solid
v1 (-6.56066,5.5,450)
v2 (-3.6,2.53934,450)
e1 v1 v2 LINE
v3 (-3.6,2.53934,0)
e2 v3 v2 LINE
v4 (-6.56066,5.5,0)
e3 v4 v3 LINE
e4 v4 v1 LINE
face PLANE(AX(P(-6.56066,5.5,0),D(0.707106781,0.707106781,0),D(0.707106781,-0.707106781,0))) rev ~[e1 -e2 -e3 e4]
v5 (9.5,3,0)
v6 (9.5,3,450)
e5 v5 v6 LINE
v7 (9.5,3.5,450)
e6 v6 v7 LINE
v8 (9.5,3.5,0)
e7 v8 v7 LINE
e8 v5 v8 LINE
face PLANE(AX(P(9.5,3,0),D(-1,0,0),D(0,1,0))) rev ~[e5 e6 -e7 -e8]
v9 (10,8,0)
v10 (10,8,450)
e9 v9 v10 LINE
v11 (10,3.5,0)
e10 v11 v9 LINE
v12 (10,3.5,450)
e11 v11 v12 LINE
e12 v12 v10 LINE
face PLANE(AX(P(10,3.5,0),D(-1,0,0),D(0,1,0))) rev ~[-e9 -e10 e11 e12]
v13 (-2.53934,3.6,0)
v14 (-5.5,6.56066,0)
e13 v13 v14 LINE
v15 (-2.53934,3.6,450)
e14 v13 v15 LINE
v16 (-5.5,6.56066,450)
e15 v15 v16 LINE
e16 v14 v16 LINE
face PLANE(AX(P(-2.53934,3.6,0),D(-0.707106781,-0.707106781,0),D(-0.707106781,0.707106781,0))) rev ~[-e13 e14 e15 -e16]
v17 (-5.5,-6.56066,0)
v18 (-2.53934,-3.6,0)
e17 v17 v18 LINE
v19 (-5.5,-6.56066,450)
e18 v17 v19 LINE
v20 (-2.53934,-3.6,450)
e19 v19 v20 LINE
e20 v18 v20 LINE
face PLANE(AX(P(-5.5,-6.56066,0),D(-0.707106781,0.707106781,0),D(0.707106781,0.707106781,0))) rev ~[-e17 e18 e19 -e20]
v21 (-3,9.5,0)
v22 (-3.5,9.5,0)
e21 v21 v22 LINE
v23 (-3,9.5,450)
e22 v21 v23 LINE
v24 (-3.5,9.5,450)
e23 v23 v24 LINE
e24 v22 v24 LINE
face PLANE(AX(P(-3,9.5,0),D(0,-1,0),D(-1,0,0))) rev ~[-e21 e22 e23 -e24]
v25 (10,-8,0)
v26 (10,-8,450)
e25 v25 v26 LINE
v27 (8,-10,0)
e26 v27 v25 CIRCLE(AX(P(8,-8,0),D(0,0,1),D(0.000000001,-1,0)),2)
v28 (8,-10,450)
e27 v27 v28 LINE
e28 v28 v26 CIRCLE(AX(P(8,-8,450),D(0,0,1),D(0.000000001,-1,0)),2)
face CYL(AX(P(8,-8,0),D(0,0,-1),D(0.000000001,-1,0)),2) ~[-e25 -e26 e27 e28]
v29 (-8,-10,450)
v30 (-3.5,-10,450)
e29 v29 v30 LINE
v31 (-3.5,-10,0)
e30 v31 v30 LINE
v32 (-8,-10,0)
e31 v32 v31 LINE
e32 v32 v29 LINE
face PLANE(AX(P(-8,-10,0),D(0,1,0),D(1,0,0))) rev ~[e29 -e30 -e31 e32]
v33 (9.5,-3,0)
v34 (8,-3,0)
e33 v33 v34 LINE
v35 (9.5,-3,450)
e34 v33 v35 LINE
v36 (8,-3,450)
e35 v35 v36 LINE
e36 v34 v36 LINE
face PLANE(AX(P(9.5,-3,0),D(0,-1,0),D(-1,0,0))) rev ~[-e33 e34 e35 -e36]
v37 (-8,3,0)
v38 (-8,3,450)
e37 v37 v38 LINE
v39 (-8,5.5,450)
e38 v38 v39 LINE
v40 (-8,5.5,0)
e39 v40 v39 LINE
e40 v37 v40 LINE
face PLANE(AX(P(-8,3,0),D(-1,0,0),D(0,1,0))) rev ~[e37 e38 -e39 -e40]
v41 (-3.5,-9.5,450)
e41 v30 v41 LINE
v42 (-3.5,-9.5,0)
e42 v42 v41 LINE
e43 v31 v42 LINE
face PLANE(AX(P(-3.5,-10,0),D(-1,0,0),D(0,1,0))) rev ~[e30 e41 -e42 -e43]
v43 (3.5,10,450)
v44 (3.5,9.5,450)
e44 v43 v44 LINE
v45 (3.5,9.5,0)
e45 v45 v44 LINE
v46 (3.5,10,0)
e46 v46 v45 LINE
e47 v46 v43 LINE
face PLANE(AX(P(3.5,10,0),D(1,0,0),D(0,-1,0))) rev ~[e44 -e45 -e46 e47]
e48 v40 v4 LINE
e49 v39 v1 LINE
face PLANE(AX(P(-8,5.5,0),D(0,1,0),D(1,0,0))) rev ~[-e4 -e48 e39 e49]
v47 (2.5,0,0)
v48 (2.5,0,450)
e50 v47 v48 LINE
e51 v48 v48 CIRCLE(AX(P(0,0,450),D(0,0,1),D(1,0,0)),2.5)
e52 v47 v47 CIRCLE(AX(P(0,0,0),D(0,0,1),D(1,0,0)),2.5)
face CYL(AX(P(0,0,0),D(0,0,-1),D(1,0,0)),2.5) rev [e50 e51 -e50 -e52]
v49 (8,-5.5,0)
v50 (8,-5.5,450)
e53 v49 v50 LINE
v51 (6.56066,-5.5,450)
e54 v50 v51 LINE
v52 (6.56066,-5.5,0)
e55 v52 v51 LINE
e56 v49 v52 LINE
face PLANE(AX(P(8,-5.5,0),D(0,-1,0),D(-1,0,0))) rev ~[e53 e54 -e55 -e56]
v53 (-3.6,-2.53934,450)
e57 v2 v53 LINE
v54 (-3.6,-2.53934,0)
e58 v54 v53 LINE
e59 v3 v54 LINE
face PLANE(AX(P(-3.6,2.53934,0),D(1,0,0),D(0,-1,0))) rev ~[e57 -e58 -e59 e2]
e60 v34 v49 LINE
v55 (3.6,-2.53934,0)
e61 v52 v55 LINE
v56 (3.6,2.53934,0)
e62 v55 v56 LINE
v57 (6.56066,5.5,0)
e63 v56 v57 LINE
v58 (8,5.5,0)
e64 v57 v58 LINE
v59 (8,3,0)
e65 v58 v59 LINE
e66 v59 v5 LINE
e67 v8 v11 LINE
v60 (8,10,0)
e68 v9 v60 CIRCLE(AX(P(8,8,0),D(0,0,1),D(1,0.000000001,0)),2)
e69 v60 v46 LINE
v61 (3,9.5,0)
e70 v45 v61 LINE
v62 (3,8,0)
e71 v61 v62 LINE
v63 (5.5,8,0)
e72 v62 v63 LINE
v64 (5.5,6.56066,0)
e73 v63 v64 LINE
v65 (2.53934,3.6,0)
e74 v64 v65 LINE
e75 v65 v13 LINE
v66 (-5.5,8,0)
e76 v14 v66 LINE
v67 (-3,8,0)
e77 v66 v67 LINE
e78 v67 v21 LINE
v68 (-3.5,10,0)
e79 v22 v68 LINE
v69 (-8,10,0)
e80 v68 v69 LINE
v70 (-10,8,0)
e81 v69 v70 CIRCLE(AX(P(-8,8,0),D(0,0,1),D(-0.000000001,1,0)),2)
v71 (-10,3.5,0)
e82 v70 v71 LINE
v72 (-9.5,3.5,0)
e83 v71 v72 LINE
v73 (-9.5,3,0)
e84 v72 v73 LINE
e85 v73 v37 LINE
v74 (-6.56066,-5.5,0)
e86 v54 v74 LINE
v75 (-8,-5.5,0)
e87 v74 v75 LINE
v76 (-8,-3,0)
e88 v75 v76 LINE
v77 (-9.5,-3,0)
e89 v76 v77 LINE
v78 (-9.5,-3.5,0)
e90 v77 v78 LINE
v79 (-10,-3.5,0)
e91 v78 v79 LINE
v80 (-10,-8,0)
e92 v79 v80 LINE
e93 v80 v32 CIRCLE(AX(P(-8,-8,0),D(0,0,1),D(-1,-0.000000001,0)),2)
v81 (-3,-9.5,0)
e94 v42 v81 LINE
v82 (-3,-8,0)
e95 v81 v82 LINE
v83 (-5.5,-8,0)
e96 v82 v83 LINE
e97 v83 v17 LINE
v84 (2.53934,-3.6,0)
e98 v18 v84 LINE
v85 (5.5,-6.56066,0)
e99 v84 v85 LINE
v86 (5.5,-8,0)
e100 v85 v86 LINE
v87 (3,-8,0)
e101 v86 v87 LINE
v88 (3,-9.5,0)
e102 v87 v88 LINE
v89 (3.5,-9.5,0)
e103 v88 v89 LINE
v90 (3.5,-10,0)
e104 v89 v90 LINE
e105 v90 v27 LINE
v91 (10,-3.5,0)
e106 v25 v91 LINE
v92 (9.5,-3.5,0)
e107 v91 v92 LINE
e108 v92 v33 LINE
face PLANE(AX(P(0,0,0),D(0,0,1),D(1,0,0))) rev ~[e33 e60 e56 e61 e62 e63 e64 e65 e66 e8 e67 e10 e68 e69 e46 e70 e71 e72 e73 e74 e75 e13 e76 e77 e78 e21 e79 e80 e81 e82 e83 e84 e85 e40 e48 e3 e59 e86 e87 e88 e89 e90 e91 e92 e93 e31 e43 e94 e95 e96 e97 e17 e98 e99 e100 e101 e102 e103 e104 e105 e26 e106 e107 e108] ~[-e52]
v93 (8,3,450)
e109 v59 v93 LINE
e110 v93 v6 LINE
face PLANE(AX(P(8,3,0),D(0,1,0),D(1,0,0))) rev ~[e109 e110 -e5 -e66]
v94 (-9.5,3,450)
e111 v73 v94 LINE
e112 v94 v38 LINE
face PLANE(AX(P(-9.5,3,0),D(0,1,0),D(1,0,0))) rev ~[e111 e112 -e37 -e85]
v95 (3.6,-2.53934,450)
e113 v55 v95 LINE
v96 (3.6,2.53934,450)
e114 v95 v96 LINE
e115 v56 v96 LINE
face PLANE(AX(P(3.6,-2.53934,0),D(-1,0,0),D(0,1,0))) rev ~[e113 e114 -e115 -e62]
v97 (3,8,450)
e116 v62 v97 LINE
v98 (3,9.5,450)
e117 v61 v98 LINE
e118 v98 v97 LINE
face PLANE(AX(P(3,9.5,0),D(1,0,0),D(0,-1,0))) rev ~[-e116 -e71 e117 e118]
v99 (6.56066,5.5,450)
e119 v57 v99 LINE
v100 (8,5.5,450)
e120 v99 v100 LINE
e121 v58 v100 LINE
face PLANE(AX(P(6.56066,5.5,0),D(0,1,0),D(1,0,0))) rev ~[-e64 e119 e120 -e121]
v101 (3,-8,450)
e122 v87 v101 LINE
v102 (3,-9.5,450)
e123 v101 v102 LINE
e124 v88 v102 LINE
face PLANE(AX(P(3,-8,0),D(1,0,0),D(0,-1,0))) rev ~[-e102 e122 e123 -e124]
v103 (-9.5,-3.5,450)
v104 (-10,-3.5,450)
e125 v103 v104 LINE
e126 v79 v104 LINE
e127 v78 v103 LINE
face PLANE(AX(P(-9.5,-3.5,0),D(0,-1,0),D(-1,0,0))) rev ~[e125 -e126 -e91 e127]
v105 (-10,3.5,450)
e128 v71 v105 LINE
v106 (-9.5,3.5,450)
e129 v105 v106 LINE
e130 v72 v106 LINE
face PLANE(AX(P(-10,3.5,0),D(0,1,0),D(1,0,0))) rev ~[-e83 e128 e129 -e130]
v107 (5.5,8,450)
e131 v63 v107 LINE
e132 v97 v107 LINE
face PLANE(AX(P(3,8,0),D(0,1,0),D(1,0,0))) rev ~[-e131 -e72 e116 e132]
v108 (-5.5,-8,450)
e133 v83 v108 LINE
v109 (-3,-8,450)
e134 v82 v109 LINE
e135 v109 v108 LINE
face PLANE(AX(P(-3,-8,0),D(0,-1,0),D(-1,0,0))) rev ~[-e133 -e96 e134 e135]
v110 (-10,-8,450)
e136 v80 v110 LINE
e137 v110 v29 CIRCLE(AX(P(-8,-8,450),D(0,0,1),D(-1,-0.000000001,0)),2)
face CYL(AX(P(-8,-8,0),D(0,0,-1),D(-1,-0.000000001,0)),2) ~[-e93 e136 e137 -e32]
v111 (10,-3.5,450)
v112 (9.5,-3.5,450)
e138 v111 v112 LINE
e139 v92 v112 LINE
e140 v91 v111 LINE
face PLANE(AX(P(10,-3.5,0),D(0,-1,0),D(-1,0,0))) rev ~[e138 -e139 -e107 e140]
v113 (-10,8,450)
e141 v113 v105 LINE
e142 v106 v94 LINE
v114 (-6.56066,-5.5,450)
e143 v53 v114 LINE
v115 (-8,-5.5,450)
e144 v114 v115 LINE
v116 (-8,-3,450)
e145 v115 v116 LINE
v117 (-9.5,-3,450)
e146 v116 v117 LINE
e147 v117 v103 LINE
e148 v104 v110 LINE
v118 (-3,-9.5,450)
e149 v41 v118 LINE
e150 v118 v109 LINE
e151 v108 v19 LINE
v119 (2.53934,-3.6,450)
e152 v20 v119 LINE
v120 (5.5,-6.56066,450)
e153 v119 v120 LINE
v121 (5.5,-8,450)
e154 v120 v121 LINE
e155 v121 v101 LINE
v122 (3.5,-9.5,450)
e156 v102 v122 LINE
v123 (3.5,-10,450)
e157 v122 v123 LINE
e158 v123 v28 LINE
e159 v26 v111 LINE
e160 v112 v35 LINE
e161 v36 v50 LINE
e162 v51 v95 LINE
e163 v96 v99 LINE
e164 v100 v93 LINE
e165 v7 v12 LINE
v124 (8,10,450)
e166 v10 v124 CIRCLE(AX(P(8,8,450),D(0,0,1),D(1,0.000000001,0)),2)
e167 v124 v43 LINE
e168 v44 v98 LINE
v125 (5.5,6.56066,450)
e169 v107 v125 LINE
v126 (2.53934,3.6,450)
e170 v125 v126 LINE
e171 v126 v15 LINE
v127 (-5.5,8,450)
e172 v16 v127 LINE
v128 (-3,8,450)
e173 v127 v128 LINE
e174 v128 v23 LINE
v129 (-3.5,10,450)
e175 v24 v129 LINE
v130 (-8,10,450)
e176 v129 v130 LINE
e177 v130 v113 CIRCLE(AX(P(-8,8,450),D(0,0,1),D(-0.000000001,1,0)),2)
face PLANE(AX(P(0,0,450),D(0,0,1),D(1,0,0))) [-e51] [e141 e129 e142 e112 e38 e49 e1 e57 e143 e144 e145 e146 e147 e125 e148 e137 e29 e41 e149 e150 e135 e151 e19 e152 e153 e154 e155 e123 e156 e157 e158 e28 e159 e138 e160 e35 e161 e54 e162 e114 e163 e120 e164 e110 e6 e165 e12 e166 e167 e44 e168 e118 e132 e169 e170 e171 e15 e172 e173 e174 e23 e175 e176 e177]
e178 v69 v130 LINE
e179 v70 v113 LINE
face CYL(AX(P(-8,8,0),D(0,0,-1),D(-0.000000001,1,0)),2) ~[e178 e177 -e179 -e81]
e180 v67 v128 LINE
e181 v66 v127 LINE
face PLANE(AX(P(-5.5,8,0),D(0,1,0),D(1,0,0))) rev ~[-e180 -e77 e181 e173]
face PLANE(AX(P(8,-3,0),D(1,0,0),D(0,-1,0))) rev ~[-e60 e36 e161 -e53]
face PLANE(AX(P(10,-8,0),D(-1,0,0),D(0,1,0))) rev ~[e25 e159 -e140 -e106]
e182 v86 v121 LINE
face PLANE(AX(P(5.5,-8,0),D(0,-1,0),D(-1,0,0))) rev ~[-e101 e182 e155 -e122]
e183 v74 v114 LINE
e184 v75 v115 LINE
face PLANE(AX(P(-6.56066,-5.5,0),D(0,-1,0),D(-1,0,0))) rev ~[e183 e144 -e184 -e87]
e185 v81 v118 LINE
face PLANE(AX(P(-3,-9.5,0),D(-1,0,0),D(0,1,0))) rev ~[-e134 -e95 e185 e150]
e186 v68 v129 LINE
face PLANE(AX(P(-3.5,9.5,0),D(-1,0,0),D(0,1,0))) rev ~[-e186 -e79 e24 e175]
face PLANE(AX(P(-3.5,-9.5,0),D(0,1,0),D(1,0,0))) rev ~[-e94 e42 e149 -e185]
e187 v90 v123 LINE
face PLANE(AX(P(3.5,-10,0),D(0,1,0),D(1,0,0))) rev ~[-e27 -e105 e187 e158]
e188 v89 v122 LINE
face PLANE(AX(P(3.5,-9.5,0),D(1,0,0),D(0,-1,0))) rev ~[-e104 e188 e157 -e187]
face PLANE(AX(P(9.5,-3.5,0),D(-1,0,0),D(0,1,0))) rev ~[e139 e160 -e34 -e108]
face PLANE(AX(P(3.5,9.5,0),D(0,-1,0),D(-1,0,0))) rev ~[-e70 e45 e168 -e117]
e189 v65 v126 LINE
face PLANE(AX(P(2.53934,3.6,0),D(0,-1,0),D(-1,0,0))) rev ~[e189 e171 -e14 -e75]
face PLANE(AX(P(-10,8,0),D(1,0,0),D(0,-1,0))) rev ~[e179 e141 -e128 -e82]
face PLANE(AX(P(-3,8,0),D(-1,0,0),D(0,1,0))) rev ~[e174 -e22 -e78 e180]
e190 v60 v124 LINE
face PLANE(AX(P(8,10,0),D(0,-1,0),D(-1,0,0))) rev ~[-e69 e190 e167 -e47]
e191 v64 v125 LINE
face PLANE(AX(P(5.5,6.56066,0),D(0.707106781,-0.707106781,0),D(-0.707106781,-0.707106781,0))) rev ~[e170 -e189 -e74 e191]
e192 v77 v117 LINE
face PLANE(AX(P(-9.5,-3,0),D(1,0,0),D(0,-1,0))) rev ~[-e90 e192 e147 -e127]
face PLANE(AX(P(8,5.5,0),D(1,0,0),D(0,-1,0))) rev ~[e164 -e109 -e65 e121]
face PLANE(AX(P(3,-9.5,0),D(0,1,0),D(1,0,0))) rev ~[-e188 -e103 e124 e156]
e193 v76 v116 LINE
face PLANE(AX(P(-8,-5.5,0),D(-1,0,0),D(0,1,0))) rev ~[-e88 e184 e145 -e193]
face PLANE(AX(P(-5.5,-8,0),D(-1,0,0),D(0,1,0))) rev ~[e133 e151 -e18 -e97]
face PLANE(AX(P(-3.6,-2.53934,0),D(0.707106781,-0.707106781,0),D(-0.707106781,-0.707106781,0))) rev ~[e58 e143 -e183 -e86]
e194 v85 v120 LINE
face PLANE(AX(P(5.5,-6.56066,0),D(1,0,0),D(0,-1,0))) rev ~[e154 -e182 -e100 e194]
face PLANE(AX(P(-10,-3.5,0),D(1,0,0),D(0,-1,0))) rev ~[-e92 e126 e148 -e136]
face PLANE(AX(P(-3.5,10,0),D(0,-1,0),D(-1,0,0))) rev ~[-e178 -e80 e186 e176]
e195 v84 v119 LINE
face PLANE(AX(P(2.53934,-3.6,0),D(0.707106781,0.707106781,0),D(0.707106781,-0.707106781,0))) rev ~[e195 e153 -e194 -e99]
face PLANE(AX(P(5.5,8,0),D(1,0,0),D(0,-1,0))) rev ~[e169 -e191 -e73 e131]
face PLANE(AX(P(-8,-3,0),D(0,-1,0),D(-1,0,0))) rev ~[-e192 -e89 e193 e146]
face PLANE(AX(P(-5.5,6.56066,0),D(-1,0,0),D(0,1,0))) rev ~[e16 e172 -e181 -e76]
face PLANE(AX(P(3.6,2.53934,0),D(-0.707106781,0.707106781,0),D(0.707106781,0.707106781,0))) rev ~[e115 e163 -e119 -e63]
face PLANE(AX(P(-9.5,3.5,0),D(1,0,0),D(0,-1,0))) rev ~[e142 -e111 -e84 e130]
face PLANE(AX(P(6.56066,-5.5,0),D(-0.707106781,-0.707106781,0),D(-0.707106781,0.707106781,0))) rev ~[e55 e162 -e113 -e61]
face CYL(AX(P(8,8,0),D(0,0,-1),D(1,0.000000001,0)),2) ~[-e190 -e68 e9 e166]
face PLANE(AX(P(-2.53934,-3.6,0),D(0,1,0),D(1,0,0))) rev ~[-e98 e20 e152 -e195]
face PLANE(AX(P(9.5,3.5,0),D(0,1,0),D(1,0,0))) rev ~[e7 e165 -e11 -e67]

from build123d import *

# Parameters (mm, degrees)
SKETCH1_R           = 2.5
BOSS_EXTRUDE1_DEPTH = 450


with BuildPart() as part:
    # Sketch1 → Boss-Extrude1 (new body)
    with BuildSketch(Plane.XY):
        with BuildLine():
            Line((8, -3), (8, -5.5))
            Line((8, -5.5), (6.560660172, -5.5))
            Line((6.560660172, -5.5), (3.6, -2.539339828))
            Line((3.6, -2.539339828), (3.6, 2.539339828))
            Line((3.6, 2.539339828), (6.560660172, 5.5))
            Line((6.560660172, 5.5), (8, 5.5))
            Line((8, 5.5), (8, 3))
            Line((8, 3), (9.5, 3))
            Line((9.5, 3), (9.5, 3.5))
            Line((9.5, 3.5), (10, 3.5))
            Line((10, 3.5), (10, 8))
            ThreePointArc((10, 8), (9.414213562, 9.414213562), (8, 10))
            Line((8, 10), (3.5, 10))
            Line((3.5, 10), (3.5, 9.5))
            Line((3.5, 9.5), (3, 9.5))
            Line((3, 9.5), (3, 8))
            Line((3, 8), (5.5, 8))
            Line((5.5, 8), (5.5, 6.560660172))
            Line((5.5, 6.560660172), (2.539339828, 3.6))
            Line((2.539339828, 3.6), (-2.539339828, 3.6))
            Line((-2.539339828, 3.6), (-5.5, 6.560660172))
            Line((-5.5, 6.560660172), (-5.5, 8))
            Line((-5.5, 8), (-3, 8))
            Line((-3, 8), (-3, 9.5))
            Line((-3, 9.5), (-3.5, 9.5))
            Line((-3.5, 9.5), (-3.5, 10))
            Line((-3.5, 10), (-8, 10))
            ThreePointArc((-8, 10), (-9.414213562, 9.414213562), (-10, 8))
            Line((-10, 8), (-10, 3.5))
            Line((-10, 3.5), (-9.5, 3.5))
            Line((-9.5, 3.5), (-9.5, 3))
            Line((-9.5, 3), (-8, 3))
            Line((-8, 3), (-8, 5.5))
            Line((-8, 5.5), (-6.560660172, 5.5))
            Line((-6.560660172, 5.5), (-3.6, 2.539339828))
            Line((-3.6, 2.539339828), (-3.6, -2.539339828))
            Line((-3.6, -2.539339828), (-6.560660172, -5.5))
            Line((-6.560660172, -5.5), (-8, -5.5))
            Line((-8, -5.5), (-8, -3))
            Line((-8, -3), (-9.5, -3))
            Line((-9.5, -3), (-9.5, -3.5))
            Line((-9.5, -3.5), (-10, -3.5))
            Line((-10, -3.5), (-10, -8))
            ThreePointArc((-10, -8), (-9.414213562, -9.414213562), (-8, -10))
            Line((-8, -10), (-3.5, -10))
            Line((-3.5, -10), (-3.5, -9.5))
            Line((-3.5, -9.5), (-3, -9.5))
            Line((-3, -9.5), (-3, -8))
            Line((-3, -8), (-5.5, -8))
            Line((-5.5, -8), (-5.5, -6.560660172))
            Line((-5.5, -6.560660172), (-2.539339828, -3.6))
            Line((-2.539339828, -3.6), (2.539339828, -3.6))
            Line((2.539339828, -3.6), (5.5, -6.560660172))
            Line((5.5, -6.560660172), (5.5, -8))
            Line((5.5, -8), (3, -8))
            Line((3, -8), (3, -9.5))
            Line((3, -9.5), (3.5, -9.5))
            Line((3.5, -9.5), (3.5, -10))
            Line((3.5, -10), (8, -10))
            ThreePointArc((8, -10), (9.414213562, -9.414213562), (10, -8))
            Line((10, -8), (10, -3.5))
            Line((10, -3.5), (9.5, -3.5))
            Line((9.5, -3.5), (9.5, -3))
            Line((9.5, -3), (8, -3))
        make_face()
        Circle(SKETCH1_R, mode=Mode.SUBTRACT)
    extrude(amount=BOSS_EXTRUDE1_DEPTH)


solid = part.part
